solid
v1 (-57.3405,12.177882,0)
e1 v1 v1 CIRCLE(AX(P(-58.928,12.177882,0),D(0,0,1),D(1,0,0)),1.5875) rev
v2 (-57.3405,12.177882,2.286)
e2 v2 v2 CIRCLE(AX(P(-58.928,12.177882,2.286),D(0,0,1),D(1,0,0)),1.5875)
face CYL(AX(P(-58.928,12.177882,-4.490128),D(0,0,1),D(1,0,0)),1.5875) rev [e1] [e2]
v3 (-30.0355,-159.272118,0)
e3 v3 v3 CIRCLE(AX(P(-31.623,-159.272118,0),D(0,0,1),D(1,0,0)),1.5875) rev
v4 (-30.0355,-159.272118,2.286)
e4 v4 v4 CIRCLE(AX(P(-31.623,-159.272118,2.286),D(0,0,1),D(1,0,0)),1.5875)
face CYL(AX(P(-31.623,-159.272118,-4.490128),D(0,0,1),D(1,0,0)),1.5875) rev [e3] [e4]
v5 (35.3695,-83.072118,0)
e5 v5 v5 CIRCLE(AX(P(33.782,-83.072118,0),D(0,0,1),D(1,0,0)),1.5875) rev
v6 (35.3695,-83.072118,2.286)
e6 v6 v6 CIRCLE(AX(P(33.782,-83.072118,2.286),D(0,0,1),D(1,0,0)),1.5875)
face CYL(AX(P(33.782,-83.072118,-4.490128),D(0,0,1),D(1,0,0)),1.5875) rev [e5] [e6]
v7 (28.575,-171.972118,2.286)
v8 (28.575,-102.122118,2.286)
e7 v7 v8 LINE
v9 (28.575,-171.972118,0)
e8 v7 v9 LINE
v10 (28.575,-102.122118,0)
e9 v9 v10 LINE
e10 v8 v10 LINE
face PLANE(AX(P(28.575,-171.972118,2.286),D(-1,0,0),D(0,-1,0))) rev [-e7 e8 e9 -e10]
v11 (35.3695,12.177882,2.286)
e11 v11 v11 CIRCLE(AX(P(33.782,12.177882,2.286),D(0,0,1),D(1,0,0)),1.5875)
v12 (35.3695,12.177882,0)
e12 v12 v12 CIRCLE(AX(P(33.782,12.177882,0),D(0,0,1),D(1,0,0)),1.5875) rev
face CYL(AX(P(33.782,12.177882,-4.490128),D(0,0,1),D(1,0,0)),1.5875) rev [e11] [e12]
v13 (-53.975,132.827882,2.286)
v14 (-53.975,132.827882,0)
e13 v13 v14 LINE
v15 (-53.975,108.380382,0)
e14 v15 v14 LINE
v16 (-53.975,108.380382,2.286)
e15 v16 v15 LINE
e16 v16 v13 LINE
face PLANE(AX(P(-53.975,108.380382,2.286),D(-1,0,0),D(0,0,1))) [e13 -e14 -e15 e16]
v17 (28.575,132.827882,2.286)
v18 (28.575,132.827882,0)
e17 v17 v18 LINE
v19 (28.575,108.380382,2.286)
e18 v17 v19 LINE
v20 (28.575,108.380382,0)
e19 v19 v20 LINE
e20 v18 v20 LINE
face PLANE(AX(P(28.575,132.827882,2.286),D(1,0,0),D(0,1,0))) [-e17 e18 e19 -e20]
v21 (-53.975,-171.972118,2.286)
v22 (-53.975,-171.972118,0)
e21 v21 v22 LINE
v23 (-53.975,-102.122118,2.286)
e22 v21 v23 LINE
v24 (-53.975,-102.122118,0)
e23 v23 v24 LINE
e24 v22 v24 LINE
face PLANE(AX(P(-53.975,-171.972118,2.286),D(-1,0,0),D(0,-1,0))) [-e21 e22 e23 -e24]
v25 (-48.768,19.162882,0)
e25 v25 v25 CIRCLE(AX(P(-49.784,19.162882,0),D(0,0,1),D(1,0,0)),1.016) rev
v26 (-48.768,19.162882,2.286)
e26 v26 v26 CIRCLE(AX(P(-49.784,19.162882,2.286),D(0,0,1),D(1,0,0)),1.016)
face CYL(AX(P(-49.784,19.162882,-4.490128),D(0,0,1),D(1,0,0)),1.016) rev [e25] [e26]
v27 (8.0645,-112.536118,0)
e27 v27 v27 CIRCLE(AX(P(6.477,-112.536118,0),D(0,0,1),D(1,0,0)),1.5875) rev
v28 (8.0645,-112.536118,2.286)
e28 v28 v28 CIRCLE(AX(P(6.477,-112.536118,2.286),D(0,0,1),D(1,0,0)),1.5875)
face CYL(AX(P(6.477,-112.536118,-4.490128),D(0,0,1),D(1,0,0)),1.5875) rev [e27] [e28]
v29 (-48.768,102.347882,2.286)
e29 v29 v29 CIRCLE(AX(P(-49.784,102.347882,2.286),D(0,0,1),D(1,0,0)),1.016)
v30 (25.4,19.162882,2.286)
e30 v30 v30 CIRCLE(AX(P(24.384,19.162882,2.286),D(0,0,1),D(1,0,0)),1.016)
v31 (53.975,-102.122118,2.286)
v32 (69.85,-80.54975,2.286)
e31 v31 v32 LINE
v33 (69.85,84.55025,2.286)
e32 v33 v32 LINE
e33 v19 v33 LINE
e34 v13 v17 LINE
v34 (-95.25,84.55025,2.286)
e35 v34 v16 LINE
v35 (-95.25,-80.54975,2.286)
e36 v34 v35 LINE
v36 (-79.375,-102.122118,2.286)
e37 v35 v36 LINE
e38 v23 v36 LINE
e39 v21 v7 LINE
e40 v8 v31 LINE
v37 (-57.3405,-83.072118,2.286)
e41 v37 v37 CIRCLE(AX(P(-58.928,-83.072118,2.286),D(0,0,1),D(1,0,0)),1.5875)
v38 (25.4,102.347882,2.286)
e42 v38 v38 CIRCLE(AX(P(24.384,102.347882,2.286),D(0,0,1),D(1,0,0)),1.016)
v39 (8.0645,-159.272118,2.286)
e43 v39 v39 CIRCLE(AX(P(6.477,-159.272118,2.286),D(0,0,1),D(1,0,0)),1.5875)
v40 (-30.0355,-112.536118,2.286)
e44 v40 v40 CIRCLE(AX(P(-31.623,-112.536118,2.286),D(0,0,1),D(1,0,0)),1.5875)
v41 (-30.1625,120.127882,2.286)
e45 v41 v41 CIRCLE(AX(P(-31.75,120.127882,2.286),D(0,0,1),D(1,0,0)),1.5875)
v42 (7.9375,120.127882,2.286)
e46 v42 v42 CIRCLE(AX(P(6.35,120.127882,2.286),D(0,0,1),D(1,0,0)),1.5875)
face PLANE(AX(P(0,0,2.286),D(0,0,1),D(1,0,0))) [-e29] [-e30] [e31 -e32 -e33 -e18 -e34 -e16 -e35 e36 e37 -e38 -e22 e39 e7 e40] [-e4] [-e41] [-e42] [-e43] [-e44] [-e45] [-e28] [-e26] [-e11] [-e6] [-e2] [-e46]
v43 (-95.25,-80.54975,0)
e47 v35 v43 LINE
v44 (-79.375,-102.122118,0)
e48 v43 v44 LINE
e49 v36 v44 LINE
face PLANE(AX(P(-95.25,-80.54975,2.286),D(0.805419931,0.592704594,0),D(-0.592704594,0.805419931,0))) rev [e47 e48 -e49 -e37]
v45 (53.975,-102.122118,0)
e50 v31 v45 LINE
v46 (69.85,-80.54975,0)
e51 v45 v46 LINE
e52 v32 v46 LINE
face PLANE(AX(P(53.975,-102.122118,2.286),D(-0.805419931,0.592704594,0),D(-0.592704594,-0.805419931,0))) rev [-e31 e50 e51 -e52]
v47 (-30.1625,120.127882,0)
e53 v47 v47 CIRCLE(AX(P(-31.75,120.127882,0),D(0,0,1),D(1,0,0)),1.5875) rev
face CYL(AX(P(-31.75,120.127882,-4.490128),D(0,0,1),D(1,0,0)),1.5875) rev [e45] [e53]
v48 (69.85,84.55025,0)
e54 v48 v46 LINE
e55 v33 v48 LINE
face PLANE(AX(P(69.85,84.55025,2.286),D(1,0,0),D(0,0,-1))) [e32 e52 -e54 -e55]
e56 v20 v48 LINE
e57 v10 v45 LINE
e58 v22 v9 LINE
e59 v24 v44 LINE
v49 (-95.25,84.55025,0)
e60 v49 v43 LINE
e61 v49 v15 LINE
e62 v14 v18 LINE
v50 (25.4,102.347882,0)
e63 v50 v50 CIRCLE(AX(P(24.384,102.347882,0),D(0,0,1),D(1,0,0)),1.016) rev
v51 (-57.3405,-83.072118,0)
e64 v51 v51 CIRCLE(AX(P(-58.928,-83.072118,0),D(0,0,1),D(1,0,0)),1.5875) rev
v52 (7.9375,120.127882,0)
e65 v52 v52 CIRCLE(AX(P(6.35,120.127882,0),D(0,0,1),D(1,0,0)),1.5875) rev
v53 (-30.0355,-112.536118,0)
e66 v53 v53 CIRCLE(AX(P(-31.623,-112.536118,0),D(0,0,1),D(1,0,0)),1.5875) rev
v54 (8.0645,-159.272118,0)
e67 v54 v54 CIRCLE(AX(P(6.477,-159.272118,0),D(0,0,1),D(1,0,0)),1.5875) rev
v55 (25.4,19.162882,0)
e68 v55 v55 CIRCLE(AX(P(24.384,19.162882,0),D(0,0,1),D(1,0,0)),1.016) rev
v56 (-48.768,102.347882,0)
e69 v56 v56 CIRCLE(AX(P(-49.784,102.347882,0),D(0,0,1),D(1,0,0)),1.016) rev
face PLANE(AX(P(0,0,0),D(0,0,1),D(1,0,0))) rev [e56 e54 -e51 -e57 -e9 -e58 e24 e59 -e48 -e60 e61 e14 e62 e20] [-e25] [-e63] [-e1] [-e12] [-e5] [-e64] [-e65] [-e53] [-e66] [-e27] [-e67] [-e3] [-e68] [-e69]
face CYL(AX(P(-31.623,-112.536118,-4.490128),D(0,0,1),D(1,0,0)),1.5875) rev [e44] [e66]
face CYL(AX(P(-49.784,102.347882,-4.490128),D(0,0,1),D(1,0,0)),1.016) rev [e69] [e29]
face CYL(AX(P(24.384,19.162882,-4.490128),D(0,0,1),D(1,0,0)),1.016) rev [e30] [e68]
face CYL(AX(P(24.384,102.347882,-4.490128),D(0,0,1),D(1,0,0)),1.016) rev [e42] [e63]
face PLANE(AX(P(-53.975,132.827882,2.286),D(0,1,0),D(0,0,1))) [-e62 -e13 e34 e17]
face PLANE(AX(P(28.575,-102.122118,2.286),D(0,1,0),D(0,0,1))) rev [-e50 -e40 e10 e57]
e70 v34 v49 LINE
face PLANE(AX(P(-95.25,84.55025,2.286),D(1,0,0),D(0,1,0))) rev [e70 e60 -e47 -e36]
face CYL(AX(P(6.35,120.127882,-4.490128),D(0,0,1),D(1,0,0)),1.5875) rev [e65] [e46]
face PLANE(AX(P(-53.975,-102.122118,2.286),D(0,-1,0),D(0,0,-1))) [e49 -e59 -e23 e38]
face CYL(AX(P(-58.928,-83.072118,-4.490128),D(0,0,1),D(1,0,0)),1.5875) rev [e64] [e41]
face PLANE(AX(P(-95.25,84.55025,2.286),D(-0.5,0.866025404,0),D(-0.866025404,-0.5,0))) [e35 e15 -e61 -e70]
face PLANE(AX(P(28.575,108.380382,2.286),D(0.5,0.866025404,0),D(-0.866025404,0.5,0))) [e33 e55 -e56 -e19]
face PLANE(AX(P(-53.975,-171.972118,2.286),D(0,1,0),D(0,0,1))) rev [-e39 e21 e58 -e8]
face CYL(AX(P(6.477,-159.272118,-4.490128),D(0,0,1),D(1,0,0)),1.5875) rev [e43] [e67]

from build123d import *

# Parameters (mm, degrees)
BOSS_EXTRUDE1_DEPTH = 2.286
SKETCH18_R          = 1.5875
SKETCH18_R_2        = 1.016
CUT_EXTRUDE1_DEPTH  = 2.286


with BuildPart() as part:
    # Sketch1 → Boss-Extrude1 (new body)
    with BuildSketch(Plane.XY):
        Polygon((28.575, 108.380382361), (69.85, 84.55025), (69.85, -80.54975), (53.975, -102.122117639), (28.575, -102.122117639), (28.575, -171.972117639), (-53.975, -171.972117639), (-53.975, -102.122117639), (-79.375, -102.122117639), (-95.25, -80.54975), (-95.25, 84.55025), (-53.975, 108.380382361), (-53.975, 132.827882361), (28.575, 132.827882361), align=None)
    extrude(amount=BOSS_EXTRUDE1_DEPTH)

    # Sketch18 → Cut-Extrude1 (cut)
    with BuildSketch(Plane.XY.offset(2.286)):
        with Locations((-31.623, -159.272117639)):
            Circle(SKETCH18_R)
        with Locations((6.477, -159.272117639)):
            Circle(SKETCH18_R)
        with Locations((-31.75, 120.127882361)):
            Circle(SKETCH18_R)
        with Locations((6.35, 120.127882361)):
            Circle(SKETCH18_R)
        with Locations((-58.928, -83.072117639)):
            Circle(SKETCH18_R)
        with Locations((33.782, -83.072117639)):
            Circle(SKETCH18_R)
        with Locations((-58.928, 12.177882361)):
            Circle(SKETCH18_R)
        with Locations((33.782, 12.177882361)):
            Circle(SKETCH18_R)
        with Locations((-31.623, -112.536117639)):
            Circle(SKETCH18_R)
        with Locations((6.477, -112.536117639)):
            Circle(SKETCH18_R)
        with Locations((-49.784, 102.347882361)):
            Circle(SKETCH18_R_2)
        with Locations((24.384, 102.347882361)):
            Circle(SKETCH18_R_2)
        with Locations((-49.784, 19.162882361)):
            Circle(SKETCH18_R_2)
        with Locations((24.384, 19.162882361)):
            Circle(SKETCH18_R_2)
    extrude(amount=-CUT_EXTRUDE1_DEPTH, mode=Mode.SUBTRACT)


solid = part.part
